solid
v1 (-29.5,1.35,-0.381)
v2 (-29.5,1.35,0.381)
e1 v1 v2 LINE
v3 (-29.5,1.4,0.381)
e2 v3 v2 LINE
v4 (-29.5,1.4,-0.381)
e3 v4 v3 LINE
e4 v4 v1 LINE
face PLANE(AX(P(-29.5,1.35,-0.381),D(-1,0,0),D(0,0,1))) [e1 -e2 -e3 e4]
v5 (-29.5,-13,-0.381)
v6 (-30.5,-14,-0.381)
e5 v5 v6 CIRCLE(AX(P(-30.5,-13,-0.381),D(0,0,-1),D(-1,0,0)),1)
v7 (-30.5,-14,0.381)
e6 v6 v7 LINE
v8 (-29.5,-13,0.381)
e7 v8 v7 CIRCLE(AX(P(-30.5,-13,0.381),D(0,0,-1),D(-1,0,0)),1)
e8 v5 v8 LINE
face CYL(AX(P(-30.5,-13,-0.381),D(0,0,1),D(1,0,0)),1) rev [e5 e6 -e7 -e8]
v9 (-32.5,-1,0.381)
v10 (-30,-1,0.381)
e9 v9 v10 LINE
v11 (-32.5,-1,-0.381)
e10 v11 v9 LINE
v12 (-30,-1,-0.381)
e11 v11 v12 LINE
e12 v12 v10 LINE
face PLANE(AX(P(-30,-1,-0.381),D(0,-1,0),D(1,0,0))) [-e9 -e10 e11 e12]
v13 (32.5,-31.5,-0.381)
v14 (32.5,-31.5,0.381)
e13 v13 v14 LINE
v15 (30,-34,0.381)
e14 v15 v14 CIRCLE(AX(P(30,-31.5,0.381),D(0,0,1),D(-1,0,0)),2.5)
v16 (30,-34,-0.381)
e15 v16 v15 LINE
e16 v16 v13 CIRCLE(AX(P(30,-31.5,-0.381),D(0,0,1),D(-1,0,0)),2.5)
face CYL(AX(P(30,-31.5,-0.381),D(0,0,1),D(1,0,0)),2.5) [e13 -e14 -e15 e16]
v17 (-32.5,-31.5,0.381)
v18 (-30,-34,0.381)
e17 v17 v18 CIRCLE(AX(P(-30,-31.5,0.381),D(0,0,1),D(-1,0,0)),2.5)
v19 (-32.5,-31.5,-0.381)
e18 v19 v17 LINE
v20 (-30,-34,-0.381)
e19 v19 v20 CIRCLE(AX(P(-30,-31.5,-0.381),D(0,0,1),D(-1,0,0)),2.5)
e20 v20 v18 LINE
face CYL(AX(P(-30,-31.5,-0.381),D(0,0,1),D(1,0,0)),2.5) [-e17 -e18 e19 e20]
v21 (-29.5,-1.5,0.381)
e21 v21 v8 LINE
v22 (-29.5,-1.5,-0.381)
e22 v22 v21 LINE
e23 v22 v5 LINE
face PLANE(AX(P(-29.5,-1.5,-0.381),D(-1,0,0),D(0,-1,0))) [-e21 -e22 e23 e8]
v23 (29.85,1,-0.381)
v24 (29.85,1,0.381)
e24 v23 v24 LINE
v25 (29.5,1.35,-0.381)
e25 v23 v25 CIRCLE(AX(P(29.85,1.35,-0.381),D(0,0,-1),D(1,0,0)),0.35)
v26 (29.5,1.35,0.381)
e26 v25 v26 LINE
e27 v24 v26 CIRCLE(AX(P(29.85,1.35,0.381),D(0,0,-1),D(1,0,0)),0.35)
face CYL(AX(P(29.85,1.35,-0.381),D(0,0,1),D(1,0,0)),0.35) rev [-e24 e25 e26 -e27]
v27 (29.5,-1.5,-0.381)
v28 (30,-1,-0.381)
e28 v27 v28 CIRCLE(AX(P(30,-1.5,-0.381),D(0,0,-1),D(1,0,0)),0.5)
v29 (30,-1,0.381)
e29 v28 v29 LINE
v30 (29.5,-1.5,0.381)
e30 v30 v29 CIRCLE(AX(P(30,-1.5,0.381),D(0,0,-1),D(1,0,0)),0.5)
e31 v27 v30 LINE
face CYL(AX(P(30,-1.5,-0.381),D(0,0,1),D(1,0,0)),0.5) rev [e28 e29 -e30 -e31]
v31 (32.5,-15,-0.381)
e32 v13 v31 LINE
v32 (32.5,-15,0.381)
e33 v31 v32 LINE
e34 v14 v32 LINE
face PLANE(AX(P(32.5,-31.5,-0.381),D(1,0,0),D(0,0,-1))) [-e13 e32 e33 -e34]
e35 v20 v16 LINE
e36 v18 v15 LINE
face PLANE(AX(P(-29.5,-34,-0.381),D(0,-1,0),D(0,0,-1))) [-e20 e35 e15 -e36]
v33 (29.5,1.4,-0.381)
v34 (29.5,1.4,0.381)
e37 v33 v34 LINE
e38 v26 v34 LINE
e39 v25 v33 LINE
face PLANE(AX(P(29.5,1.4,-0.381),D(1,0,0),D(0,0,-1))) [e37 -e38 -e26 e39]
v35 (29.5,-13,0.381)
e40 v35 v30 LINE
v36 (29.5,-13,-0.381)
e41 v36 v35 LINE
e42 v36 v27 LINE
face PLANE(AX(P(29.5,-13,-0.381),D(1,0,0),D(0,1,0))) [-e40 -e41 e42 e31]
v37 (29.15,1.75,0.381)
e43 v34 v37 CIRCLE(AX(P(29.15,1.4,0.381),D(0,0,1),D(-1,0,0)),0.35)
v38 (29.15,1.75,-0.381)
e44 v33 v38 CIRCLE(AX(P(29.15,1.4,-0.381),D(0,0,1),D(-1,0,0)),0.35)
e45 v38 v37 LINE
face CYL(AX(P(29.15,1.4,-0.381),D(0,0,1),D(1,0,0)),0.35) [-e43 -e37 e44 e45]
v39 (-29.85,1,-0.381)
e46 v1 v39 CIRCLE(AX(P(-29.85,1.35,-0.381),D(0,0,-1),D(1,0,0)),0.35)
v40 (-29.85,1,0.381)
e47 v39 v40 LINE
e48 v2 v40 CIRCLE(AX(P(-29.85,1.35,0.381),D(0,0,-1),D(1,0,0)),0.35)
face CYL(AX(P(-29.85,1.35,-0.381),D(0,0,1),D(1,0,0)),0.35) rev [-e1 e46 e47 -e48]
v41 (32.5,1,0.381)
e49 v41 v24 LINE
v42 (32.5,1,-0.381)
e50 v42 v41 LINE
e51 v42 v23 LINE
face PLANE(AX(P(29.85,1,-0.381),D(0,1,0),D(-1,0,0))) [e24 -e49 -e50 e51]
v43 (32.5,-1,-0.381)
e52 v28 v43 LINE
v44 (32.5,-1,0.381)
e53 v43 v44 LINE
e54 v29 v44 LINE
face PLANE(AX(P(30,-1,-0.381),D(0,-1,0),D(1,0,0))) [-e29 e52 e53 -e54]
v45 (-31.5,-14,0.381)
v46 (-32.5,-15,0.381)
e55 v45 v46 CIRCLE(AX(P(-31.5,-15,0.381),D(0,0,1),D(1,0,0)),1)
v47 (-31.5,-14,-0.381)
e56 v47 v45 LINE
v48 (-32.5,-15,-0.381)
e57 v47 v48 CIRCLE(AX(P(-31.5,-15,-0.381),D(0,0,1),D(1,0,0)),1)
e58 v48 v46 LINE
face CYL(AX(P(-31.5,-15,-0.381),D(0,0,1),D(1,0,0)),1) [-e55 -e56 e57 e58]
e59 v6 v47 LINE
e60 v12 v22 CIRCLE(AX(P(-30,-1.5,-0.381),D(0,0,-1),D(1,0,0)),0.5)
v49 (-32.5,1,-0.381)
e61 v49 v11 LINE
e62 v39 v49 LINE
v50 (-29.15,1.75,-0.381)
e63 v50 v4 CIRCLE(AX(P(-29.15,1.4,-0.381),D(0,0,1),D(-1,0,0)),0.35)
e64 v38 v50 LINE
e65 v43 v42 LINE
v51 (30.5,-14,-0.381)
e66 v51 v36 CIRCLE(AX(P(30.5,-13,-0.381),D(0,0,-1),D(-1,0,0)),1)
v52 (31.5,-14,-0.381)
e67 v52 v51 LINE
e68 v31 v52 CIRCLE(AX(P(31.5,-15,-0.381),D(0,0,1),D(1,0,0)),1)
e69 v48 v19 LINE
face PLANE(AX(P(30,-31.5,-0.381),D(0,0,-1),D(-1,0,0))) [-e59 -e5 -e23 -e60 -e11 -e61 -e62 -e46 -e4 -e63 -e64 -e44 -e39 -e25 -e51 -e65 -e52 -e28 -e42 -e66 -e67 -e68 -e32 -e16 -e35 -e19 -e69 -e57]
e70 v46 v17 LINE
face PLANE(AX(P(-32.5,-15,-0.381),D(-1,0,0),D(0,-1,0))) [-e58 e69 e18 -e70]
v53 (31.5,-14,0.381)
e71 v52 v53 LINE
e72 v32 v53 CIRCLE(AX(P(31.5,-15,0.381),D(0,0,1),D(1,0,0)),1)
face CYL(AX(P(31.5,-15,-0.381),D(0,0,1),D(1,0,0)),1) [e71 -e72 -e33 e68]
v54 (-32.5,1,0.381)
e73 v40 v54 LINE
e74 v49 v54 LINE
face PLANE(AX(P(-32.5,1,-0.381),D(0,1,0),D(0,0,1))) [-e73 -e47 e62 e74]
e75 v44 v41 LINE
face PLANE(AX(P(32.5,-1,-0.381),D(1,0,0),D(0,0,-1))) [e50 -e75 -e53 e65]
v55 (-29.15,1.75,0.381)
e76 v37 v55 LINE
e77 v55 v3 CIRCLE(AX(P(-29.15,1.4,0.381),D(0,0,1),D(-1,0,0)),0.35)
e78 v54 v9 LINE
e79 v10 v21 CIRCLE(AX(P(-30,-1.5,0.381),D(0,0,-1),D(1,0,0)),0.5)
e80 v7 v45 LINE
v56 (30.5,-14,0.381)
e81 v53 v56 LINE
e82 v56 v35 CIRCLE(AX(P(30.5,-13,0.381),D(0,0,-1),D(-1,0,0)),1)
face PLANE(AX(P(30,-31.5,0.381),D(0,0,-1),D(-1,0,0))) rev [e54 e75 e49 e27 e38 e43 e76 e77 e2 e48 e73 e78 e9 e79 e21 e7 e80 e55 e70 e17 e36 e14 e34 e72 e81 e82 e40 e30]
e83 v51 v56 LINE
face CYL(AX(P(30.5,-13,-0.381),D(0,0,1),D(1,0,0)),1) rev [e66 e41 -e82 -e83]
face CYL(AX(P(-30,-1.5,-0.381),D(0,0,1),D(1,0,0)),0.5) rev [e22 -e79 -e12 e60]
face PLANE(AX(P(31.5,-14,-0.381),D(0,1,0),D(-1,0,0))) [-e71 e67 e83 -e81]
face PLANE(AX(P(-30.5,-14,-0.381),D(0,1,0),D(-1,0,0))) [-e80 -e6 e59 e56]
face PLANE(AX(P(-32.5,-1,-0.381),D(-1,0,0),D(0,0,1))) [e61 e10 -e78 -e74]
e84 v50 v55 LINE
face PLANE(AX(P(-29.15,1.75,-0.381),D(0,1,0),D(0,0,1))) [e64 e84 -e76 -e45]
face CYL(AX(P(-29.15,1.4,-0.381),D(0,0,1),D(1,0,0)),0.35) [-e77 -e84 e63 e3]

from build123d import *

# Parameters (mm, degrees)
BOSS_EXTRUDE1_DEPTH      = 0.381
BOSS_EXTRUDE1_DEPTH_BACK = 0.381


with BuildPart() as part:
    # Sketch1 → Boss-Extrude1 (new body, two sides)
    with BuildSketch(Plane.XY) as boss_extrude1_sk:
        with BuildLine():
            Line((-29.5, -34), (29.5, -34))
            Line((29.5, -34), (30, -34))
            ThreePointArc((30, -34), (31.767766953, -33.267766953), (32.5, -31.5))
            Line((32.5, -31.5), (32.5, -15))
            ThreePointArc((32.5, -15), (32.207106781, -14.292893219), (31.5, -14))
            Line((31.5, -14), (30.5, -14))
            ThreePointArc((30.5, -14), (29.792893219, -13.707106781), (29.5, -13))
            Line((29.5, -13), (29.5, -1.5))
            ThreePointArc((29.5, -1.5), (29.646446609, -1.146446609), (30, -1))
            Line((30, -1), (32.5, -1))
            Line((32.5, -1), (32.5, 1))
            Line((32.5, 1), (29.85, 1))
            ThreePointArc((29.85, 1), (29.602512627, 1.102512627), (29.5, 1.35))
            Line((29.5, 1.35), (29.5, 1.4))
            ThreePointArc((29.5, 1.4), (29.397487373, 1.647487373), (29.15, 1.75))
            Line((29.15, 1.75), (-29.15, 1.75))
            ThreePointArc((-29.15, 1.75), (-29.397487373, 1.647487373), (-29.5, 1.4))
            Line((-29.5, 1.4), (-29.5, 1.35))
            ThreePointArc((-29.5, 1.35), (-29.602512627, 1.102512627), (-29.85, 1))
            Line((-29.85, 1), (-32.5, 1))
            Line((-32.5, 1), (-32.5, -1))
            Line((-32.5, -1), (-30, -1))
            ThreePointArc((-30, -1), (-29.646446609, -1.146446609), (-29.5, -1.5))
            Line((-29.5, -1.5), (-29.5, -13))
            ThreePointArc((-29.5, -13), (-29.792893219, -13.707106781), (-30.5, -14))
            Line((-30.5, -14), (-31.5, -14))
            ThreePointArc((-31.5, -14), (-32.207106781, -14.292893219), (-32.5, -15))
            Line((-32.5, -15), (-32.5, -31.5))
            ThreePointArc((-32.5, -31.5), (-31.767766953, -33.267766953), (-30, -34))
            Line((-30, -34), (-29.5, -34))
        make_face()
    extrude(amount=BOSS_EXTRUDE1_DEPTH)
    extrude(boss_extrude1_sk.sketch, amount=-BOSS_EXTRUDE1_DEPTH_BACK)


solid = part.part
